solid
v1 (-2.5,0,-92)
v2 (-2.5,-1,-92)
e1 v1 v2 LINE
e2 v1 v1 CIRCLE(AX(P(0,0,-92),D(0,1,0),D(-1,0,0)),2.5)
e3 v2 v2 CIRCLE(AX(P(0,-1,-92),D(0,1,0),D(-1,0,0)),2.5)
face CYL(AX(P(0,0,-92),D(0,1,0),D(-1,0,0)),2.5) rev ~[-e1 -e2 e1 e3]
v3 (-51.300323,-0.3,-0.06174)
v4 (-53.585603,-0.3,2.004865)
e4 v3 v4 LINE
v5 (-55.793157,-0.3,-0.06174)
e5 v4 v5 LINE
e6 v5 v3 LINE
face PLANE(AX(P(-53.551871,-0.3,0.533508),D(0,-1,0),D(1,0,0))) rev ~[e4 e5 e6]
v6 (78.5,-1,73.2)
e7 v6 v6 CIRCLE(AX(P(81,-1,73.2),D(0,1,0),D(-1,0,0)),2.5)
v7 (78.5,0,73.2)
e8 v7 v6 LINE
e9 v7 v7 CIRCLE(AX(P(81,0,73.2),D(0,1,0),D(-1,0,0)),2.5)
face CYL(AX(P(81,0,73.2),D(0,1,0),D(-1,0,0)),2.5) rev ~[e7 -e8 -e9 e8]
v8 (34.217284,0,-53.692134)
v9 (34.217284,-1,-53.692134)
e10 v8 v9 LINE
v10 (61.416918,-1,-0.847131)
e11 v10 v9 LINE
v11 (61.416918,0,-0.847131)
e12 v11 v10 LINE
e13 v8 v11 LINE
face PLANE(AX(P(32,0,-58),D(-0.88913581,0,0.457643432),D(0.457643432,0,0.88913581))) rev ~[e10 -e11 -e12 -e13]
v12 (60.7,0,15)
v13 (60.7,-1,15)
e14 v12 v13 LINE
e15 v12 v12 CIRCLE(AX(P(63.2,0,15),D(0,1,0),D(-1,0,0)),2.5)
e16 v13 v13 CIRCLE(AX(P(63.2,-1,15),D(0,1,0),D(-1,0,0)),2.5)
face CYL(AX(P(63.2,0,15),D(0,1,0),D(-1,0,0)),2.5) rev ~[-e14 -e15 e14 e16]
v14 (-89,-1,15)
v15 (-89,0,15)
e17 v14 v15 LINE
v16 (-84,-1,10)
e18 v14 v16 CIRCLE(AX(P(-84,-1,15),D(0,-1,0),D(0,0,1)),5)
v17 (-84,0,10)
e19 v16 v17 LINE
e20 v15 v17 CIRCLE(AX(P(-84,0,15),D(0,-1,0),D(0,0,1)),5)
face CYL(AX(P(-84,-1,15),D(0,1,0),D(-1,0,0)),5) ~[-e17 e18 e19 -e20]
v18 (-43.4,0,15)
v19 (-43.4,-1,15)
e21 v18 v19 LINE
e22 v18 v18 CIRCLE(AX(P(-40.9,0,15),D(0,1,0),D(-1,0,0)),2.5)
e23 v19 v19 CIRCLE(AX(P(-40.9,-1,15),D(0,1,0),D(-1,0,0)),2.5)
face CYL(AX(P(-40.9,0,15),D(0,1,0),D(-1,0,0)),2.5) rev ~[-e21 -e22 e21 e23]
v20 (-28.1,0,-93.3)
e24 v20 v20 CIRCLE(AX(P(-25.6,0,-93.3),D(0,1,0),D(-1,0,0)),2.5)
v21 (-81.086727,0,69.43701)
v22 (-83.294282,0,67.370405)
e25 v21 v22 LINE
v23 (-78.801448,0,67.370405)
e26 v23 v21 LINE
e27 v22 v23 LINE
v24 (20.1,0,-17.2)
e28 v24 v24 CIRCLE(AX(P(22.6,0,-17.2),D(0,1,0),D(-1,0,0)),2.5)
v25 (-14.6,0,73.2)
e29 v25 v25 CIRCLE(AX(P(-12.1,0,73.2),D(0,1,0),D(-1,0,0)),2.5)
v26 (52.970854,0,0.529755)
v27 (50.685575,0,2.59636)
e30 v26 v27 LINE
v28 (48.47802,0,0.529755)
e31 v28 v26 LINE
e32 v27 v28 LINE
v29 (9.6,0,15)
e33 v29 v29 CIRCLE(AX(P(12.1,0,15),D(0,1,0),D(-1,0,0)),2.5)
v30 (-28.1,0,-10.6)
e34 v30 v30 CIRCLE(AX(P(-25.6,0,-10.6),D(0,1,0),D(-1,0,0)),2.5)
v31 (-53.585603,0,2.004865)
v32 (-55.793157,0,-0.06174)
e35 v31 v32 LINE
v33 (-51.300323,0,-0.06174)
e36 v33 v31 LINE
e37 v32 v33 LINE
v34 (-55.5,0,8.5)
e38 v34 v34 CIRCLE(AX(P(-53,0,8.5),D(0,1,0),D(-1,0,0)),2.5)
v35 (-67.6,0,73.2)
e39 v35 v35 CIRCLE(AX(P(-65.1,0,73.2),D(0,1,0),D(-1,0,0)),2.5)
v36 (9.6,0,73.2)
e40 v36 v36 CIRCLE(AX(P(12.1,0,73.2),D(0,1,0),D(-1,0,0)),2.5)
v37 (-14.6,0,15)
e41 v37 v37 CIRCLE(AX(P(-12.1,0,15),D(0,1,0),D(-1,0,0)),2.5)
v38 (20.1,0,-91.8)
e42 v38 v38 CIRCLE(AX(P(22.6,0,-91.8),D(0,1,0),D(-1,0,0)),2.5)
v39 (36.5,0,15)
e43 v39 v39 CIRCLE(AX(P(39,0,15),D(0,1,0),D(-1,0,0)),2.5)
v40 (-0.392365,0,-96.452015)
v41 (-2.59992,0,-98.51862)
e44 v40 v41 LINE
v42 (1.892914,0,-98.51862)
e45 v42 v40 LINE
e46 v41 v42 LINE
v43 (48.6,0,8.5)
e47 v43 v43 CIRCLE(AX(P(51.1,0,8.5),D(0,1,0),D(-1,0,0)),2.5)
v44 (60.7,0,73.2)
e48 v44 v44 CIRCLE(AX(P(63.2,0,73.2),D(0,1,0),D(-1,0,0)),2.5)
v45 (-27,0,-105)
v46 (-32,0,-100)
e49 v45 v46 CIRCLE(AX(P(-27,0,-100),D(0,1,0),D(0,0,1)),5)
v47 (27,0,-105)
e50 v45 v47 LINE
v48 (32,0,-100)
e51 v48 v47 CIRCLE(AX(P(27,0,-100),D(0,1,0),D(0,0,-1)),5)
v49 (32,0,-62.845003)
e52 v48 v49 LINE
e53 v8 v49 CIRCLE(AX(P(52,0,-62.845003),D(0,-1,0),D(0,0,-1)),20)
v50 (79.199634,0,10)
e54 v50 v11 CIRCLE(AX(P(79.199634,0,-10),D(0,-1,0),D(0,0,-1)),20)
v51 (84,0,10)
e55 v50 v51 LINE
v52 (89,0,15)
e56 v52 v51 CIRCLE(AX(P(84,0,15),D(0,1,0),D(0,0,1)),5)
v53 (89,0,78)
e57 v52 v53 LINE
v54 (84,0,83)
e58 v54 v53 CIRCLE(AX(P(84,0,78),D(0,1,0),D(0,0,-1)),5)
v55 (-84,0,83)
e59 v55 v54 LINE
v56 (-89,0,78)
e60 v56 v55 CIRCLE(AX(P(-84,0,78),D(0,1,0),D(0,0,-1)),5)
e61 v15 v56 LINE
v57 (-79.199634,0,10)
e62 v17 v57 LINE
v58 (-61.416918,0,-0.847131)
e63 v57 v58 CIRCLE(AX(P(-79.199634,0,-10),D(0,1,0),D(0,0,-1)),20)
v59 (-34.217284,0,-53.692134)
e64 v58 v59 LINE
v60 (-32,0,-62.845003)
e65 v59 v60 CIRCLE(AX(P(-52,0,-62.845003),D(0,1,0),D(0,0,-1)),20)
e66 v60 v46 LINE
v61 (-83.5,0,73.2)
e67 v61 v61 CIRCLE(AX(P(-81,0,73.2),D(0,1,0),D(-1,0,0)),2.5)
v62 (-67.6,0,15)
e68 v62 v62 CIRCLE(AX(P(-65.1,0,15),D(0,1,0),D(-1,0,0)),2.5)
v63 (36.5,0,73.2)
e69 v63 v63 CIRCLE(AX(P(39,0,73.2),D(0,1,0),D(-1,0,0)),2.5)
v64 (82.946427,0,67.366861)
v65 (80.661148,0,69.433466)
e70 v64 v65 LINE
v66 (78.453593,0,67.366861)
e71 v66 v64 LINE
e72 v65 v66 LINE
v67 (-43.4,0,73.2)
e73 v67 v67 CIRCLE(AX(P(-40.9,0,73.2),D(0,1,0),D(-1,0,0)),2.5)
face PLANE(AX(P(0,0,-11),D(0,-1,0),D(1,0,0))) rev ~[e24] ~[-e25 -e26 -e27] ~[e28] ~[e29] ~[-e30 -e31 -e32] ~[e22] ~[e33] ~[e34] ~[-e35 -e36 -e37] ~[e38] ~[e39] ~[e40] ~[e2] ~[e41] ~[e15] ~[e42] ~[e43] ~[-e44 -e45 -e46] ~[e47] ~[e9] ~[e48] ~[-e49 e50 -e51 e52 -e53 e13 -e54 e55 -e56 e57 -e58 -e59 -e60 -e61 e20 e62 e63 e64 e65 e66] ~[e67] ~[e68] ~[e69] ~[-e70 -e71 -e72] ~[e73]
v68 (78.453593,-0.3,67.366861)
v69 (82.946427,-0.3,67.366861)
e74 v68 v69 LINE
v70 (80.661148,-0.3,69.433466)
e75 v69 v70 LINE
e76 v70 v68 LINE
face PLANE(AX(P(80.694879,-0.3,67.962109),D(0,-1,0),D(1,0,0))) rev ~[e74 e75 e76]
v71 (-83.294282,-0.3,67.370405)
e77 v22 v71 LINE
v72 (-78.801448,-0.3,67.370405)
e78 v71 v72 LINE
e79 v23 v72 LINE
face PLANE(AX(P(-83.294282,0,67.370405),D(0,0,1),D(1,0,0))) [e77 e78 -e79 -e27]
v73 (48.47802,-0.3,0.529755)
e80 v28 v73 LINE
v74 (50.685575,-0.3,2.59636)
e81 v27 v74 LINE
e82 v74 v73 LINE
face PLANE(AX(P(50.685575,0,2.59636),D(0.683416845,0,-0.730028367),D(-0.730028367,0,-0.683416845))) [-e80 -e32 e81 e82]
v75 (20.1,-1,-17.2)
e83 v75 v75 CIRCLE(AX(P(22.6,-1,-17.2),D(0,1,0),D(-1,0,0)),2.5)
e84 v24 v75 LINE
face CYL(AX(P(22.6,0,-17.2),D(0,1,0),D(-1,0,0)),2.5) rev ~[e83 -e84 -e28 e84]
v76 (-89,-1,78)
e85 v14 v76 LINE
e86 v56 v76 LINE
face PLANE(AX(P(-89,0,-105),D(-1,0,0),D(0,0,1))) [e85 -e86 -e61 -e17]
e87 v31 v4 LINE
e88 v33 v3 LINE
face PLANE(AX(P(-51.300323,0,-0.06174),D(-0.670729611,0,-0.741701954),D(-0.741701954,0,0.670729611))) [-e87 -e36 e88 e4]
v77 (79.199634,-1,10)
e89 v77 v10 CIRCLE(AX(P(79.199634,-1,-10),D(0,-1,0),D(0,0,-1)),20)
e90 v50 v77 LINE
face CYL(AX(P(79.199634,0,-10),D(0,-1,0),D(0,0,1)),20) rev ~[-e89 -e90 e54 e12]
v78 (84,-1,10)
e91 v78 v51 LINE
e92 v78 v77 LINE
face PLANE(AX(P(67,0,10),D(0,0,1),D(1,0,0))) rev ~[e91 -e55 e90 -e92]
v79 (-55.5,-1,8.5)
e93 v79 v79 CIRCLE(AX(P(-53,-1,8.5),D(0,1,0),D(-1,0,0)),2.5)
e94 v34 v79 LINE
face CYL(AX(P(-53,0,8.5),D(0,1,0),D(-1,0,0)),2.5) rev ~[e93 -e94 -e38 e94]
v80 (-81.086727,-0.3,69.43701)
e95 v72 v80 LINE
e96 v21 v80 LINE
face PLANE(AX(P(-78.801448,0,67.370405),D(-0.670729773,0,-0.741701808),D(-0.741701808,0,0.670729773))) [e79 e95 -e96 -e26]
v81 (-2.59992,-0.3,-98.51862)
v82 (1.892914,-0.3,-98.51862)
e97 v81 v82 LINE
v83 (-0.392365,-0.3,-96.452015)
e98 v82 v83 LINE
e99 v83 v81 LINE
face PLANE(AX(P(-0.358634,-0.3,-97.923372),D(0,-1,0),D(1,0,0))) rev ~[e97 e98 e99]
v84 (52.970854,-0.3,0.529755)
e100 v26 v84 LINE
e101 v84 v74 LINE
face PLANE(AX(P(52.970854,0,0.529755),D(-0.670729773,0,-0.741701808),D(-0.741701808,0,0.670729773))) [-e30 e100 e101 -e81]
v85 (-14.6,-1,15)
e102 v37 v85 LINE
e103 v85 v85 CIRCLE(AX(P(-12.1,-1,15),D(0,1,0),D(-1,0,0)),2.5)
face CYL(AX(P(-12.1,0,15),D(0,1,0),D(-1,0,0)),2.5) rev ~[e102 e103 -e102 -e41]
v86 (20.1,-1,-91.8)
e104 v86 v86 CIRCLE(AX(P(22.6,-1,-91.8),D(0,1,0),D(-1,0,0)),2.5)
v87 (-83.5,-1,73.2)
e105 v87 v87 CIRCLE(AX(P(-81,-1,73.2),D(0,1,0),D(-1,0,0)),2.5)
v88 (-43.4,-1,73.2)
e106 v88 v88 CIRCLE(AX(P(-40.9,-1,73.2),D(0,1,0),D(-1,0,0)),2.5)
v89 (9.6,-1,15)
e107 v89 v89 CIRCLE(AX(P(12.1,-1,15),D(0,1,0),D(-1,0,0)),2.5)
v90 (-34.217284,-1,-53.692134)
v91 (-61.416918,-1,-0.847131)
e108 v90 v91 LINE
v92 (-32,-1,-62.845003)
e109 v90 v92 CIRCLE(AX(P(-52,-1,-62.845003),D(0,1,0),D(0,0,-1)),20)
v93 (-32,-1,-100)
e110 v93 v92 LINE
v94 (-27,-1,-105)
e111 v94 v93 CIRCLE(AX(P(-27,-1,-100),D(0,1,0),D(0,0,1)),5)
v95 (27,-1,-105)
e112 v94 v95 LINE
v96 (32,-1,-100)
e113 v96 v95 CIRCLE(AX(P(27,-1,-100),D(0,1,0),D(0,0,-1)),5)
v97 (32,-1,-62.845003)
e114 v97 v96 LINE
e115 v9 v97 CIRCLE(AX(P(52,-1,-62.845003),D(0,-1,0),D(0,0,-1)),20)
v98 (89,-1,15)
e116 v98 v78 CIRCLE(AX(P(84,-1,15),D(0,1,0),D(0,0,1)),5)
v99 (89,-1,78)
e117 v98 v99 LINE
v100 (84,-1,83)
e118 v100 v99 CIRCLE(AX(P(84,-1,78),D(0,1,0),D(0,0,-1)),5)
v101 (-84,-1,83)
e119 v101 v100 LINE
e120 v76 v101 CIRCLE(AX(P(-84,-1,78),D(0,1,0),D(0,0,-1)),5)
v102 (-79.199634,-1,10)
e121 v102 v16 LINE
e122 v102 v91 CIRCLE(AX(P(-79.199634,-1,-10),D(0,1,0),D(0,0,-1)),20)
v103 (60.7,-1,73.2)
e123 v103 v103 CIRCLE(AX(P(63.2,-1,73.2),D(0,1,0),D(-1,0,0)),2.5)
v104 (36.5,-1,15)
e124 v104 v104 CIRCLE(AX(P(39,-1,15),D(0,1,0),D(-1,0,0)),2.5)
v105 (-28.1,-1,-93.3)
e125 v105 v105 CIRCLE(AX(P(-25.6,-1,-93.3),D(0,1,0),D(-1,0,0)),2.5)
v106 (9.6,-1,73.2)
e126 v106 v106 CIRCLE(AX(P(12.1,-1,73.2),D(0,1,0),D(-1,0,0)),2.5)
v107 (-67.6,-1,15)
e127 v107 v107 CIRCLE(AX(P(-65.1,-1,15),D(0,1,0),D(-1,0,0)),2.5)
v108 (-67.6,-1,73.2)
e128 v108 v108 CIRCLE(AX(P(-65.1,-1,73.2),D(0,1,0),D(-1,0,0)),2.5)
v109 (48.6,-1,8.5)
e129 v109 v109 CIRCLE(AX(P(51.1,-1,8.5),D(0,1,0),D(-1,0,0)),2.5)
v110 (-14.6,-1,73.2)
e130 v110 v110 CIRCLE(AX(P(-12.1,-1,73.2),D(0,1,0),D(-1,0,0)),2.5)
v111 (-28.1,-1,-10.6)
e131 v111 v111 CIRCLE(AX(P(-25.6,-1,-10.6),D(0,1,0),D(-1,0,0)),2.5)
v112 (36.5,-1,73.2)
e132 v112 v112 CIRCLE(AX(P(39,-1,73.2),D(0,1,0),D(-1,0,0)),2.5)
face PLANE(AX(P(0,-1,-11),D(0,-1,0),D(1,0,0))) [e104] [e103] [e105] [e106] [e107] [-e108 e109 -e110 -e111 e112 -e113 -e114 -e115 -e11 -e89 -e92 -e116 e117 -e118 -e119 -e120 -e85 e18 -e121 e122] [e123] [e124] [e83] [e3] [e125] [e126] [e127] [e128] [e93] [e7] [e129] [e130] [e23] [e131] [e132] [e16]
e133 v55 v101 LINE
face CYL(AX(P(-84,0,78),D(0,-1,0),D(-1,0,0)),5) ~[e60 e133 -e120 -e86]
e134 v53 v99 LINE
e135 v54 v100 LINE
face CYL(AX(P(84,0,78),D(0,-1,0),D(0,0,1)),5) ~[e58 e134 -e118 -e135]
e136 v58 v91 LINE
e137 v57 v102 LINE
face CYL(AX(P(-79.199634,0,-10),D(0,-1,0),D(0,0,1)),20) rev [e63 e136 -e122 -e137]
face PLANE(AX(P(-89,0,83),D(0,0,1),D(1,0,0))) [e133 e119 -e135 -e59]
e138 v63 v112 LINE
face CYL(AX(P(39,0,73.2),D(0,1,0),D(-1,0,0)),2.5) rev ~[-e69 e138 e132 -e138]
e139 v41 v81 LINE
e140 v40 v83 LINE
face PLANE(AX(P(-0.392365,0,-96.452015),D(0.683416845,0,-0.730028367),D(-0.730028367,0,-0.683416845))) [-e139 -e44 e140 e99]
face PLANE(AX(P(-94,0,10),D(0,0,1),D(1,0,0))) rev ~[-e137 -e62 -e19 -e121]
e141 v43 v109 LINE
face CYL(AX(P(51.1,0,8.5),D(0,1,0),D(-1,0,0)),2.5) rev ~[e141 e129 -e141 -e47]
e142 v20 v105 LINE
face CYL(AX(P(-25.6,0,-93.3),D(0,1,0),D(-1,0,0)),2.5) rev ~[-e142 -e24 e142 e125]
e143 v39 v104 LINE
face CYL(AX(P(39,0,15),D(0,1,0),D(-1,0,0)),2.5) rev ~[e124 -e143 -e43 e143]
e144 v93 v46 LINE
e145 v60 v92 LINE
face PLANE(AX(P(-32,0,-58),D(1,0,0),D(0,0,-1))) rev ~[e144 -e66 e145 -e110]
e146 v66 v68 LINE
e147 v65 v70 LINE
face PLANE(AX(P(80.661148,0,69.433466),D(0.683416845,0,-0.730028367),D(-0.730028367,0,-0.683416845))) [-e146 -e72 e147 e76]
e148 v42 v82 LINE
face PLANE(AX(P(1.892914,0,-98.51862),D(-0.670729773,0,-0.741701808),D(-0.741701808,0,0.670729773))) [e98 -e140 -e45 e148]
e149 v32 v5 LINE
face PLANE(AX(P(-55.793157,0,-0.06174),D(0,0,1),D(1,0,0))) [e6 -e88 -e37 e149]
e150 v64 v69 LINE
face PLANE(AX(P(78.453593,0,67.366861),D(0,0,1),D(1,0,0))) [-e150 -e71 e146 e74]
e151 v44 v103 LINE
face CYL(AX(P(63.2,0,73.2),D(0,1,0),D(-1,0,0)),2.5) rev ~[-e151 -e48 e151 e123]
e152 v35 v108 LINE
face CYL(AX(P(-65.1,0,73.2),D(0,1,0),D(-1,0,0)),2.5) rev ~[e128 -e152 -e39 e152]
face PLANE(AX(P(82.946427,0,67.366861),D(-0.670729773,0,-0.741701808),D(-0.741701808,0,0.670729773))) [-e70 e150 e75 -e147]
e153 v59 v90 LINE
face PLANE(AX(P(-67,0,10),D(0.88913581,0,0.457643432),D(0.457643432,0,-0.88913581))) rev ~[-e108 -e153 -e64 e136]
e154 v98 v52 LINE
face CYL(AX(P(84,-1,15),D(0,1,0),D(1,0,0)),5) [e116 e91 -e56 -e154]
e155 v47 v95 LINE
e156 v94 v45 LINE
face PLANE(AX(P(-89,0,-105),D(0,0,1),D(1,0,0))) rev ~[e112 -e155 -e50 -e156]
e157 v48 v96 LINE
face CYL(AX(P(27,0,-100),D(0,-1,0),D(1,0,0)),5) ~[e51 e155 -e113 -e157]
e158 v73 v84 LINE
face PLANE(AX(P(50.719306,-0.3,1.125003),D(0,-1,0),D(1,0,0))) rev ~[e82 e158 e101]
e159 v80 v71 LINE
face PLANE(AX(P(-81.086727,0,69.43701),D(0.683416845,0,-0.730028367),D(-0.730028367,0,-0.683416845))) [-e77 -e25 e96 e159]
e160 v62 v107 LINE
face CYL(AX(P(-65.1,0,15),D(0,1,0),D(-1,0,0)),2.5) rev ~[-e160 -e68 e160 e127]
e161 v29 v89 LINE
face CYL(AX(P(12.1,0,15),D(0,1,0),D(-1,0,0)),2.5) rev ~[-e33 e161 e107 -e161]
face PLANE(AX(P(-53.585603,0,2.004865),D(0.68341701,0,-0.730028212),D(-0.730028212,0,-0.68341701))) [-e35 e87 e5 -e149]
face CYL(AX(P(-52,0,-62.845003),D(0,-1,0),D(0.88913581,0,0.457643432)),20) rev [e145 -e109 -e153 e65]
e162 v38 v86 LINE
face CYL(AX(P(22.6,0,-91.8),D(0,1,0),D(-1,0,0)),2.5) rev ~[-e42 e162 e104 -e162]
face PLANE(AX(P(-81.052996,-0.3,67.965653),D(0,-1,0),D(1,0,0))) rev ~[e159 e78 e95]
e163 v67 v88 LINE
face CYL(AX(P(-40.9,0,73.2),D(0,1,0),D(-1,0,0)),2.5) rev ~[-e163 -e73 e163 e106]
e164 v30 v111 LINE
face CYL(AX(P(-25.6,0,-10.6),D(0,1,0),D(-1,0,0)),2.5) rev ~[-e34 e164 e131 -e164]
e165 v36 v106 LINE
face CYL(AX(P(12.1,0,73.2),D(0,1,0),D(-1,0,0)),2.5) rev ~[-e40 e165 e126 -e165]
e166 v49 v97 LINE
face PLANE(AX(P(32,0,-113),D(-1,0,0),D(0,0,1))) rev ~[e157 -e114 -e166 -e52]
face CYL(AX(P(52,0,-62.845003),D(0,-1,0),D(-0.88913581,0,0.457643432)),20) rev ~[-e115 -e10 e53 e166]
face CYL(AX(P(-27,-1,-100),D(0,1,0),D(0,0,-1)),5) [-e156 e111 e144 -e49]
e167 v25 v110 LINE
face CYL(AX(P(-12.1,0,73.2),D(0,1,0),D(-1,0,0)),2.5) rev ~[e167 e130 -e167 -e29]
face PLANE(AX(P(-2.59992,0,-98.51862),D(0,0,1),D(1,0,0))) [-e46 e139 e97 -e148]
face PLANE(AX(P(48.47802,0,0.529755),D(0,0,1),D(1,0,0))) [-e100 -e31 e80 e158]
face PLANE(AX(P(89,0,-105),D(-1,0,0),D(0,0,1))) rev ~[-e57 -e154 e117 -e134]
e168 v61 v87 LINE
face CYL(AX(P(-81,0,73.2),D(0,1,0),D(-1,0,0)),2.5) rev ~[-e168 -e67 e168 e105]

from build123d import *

# Parameters (mm, degrees)
F0_W     = 178
F0_H     = 188
F1_DEPTH = 1
F2_R     = 2.5
F3_DEPTH = 1.001
F5_DEPTH = 1.001
F6_R     = 5
F7_R     = 20
F9_DEPTH = 0.3


with BuildPart() as f1:
    # F0 (on Front) → F1 (new body)
    with BuildSketch(Plane.XZ):
        with Locations((0, -11)):
            Rectangle(F0_W, F0_H)
    extrude(amount=F1_DEPTH)

    # F2 (on face) → F3 (cut, through all)
    with BuildSketch(Plane(origin=(0, 0, 0), x_dir=(-1, 0, 0), z_dir=(0, 1, 0))):
        with Locations((-81, 73.2)):
            Circle(F2_R)
        with Locations((81, 73.2)):
            Circle(F2_R)
        with Locations((53, 8.5)):
            Circle(F2_R)
        with Locations((-51.1, 8.5)):
            Circle(F2_R)
        with Locations((0, -92)):
            Circle(F2_R)
        with Locations((-22.6, -91.8)):
            Circle(F2_R)
        with Locations((25.6, -93.3)):
            Circle(F2_R)
        with Locations((-22.6, -17.2)):
            Circle(F2_R)
        with Locations((25.6, -10.6)):
            Circle(F2_R)
        with Locations((-63.2, 73.2)):
            Circle(F2_R)
        with Locations((-39, 73.2)):
            Circle(F2_R)
        with Locations((-39, 15)):
            Circle(F2_R)
        with Locations((-63.2, 15)):
            Circle(F2_R)
        with Locations((40.9, 73.2)):
            Circle(F2_R)
        with Locations((65.1, 73.2)):
            Circle(F2_R)
        with Locations((65.1, 15)):
            Circle(F2_R)
        with Locations((40.9, 15)):
            Circle(F2_R)
        with Locations((-12.1, 73.2)):
            Circle(F2_R)
        with Locations((12.1, 73.2)):
            Circle(F2_R)
        with Locations((-12.1, 15)):
            Circle(F2_R)
        with Locations((12.1, 15)):
            Circle(F2_R)
    extrude(amount=-F3_DEPTH, mode=Mode.SUBTRACT)

    # F4 (on face) → F5 (cut, through all)
    with BuildSketch(Plane(origin=(0, 0, 0), x_dir=(-1, 0, 0), z_dir=(0, 1, 0))):
        Polygon((-94, -113), (-32, -113), (-32, -58), (-67, 10), (-94, 10), align=None)
        Polygon((32, -58), (32, -113), (94, -113), (94, 10), (67, 10), align=None)
    extrude(amount=-F5_DEPTH, mode=Mode.SUBTRACT)

    # F6
    f6_edges = [f1.edges().sort_by_distance(p)[0] for p in [
        (89, -0.5, 83),
        (-89, -0.5, 83),
        (-89, -0.5, 10),
        (-32, -0.5, -105),
        (32, -0.5, -105),
        (89, -0.5, 10),
    ]]
    fillet(f6_edges, radius=F6_R)

    # F7
    f7_edges = [f1.edges().sort_by_distance(p)[0] for p in [
        (67, -0.5, 10),
        (32, -0.5, -58),
        (-32, -0.5, -58),
        (-67, -0.5, 10),
    ]]
    fillet(f7_edges, radius=F7_R)

    # F8 (on face) → F9 (cut)
    with BuildSketch(Plane.XZ):
        Polygon((82.946427, 67.366861), (80.661148, 69.433466), (78.453593, 67.366861), align=None)
        Polygon((52.970854, 0.529755), (50.685575, 2.59636), (48.47802, 0.529755), align=None)
        Polygon((-51.300323, -0.06174), (-53.585603, 2.004865), (-55.793157, -0.06174), align=None)
        Polygon((1.892914, -98.51862), (-0.392365, -96.452015), (-2.59992, -98.51862), align=None)
        Polygon((-78.801448, 67.370405), (-81.086727, 69.43701), (-83.294282, 67.370405), align=None)
    extrude(amount=F9_DEPTH, mode=Mode.SUBTRACT)


solid = f1.part
